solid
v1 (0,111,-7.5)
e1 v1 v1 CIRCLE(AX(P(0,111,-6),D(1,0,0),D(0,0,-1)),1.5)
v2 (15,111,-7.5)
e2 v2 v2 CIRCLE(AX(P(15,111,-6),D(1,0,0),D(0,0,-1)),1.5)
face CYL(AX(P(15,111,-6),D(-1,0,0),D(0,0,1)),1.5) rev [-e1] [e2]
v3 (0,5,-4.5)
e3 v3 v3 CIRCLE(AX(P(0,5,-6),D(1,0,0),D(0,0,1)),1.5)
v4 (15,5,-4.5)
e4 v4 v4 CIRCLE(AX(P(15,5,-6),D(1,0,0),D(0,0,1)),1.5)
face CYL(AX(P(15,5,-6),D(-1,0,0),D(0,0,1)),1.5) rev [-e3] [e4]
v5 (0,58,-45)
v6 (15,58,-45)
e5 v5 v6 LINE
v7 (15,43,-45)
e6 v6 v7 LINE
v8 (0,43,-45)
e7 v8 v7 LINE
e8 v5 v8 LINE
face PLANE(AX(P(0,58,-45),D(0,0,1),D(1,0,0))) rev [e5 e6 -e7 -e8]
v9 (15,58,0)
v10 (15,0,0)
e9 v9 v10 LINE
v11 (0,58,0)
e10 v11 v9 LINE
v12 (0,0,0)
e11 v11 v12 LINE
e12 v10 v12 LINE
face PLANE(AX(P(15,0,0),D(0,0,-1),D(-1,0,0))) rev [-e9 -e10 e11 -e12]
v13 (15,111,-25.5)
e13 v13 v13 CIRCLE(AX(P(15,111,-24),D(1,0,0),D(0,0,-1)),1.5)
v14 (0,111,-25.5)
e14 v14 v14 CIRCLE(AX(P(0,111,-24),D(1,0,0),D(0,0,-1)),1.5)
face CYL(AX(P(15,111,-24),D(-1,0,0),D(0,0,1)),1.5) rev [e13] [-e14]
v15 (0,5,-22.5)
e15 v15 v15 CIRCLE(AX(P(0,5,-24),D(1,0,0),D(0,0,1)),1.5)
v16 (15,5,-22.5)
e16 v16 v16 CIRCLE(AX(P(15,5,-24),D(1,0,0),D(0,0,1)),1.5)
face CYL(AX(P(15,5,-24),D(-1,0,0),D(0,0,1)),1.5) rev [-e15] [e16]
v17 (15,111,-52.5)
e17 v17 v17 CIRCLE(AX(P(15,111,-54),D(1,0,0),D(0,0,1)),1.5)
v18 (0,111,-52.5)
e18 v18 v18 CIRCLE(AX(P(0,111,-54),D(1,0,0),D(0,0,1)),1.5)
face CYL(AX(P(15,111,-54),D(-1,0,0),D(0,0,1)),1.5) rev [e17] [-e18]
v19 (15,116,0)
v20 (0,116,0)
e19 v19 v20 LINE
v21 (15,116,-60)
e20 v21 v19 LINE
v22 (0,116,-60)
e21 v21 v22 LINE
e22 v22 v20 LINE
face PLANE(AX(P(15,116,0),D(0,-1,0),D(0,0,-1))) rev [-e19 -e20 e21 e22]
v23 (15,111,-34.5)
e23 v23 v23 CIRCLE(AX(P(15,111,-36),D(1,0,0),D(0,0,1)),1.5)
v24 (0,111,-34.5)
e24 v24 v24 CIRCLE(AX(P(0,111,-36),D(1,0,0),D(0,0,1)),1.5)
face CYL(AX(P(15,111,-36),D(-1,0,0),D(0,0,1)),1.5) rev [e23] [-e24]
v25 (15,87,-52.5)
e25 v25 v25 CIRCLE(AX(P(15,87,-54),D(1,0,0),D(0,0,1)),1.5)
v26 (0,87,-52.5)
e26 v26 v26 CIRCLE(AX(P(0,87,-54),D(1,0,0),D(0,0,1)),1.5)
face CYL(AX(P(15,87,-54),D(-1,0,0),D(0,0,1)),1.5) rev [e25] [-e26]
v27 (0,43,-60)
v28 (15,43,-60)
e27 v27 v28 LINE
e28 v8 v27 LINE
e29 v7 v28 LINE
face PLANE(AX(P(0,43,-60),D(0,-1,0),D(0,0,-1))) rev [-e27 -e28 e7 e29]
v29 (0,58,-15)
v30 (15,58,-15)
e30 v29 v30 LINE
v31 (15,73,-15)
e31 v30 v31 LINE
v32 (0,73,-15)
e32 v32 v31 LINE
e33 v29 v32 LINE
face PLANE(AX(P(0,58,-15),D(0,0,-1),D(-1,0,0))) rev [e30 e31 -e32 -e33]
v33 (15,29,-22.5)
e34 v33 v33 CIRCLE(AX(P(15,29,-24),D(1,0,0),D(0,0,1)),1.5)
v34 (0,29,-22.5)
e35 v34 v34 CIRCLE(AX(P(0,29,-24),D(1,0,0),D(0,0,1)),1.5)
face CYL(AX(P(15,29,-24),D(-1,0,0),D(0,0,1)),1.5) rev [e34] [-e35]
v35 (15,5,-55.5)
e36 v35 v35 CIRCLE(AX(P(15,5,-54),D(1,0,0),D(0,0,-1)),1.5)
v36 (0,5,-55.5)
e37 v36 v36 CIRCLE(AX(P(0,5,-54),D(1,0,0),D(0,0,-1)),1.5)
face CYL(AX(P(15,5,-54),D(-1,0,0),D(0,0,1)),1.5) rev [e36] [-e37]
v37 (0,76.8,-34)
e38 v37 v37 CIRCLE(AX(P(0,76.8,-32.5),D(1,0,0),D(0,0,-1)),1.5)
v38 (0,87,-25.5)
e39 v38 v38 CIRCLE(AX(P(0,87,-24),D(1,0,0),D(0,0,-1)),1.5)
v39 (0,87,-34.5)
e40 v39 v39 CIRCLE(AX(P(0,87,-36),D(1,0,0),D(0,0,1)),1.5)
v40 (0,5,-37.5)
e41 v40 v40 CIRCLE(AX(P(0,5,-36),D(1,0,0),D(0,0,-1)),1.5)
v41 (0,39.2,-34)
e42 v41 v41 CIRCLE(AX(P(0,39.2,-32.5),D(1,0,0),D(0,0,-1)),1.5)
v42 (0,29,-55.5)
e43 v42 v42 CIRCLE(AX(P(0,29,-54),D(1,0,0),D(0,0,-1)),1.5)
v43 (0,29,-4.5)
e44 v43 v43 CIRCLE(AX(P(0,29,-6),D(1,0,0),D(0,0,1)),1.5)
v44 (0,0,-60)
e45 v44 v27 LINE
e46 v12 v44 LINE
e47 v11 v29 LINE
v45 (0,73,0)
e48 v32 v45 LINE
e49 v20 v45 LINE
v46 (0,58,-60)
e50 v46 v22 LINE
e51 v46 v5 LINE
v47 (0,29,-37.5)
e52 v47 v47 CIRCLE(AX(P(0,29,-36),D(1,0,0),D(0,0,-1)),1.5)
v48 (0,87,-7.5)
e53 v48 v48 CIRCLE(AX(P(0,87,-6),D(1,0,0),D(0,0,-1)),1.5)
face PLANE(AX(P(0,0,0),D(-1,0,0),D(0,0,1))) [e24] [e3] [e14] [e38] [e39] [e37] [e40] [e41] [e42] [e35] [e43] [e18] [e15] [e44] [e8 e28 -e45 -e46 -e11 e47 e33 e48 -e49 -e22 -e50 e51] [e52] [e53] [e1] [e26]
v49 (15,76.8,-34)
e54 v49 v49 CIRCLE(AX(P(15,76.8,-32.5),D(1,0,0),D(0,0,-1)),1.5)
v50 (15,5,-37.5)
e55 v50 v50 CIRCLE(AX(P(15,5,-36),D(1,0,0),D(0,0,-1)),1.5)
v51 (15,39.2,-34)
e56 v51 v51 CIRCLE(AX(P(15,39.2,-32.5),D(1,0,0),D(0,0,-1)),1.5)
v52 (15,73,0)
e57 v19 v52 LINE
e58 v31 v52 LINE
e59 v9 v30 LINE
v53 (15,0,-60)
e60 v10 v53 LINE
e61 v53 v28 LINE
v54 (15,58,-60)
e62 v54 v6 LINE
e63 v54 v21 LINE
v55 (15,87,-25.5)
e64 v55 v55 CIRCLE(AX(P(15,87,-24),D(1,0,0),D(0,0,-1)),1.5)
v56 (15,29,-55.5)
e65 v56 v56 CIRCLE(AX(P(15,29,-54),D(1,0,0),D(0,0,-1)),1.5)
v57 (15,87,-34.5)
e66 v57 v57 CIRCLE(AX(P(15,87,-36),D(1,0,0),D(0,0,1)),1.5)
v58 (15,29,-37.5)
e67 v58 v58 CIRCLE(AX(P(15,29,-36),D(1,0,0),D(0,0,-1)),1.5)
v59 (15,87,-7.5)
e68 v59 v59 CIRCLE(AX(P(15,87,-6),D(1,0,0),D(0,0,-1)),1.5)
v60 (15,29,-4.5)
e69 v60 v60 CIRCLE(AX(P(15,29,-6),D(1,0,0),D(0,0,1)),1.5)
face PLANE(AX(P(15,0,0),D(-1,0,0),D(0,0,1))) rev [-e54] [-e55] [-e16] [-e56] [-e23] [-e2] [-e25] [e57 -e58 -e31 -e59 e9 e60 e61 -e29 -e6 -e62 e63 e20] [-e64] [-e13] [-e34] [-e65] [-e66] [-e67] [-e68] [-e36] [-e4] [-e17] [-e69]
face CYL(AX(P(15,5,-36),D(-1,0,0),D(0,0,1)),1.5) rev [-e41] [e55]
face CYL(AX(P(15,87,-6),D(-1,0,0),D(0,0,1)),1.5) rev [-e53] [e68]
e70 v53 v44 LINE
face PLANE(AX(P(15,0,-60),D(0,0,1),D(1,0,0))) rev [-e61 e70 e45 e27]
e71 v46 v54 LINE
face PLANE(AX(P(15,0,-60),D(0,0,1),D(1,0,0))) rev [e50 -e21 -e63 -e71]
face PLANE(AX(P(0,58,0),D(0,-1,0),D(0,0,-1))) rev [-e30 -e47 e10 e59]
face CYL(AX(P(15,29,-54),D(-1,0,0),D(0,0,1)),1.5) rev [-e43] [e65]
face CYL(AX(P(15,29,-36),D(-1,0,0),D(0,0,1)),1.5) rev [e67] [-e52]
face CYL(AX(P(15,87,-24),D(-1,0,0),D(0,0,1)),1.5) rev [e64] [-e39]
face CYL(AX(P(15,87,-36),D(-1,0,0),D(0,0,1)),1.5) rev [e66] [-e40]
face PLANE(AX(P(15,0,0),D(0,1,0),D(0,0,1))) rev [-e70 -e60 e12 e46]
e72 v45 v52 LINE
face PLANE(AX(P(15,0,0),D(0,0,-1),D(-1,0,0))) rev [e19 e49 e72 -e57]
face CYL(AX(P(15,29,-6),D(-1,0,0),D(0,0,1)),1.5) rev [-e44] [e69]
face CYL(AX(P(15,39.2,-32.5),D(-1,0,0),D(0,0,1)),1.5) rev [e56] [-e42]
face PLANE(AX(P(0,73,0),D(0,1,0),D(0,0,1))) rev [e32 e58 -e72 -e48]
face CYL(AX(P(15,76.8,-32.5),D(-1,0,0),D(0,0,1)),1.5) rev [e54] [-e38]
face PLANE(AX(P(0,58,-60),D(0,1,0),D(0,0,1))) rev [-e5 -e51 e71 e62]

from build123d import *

# Parameters (mm, degrees)
CROQUIS1_W              = 60
CROQUIS1_H              = 116
CROQUIS1_R              = 1.5
SALIENTE_EXTRUIR1_DEPTH = 15
CROQUIS2_W              = 15
CROQUIS2_H              = 15
CORTAR_EXTRUIR1_DEPTH   = 132.457217375


with BuildPart() as part:
    # Croquis1 → Saliente-Extruir1 (new body)
    with BuildSketch(Plane(origin=(0, 0, 0), x_dir=(0, 0, -1), z_dir=(1, 0, 0))):
        with Locations((30, 58)):
            Rectangle(CROQUIS1_W, CROQUIS1_H)
        with Locations((54, 5)):
            Circle(CROQUIS1_R, mode=Mode.SUBTRACT)
        with Locations((36, 5)):
            Circle(CROQUIS1_R, mode=Mode.SUBTRACT)
        with Locations((36, 29)):
            Circle(CROQUIS1_R, mode=Mode.SUBTRACT)
        with Locations((54, 29)):
            Circle(CROQUIS1_R, mode=Mode.SUBTRACT)
        with Locations(Location((24, 29, 0), (0, 0, 180))):
            Circle(CROQUIS1_R, mode=Mode.SUBTRACT)
        with Locations(Location((24, 5, 0), (0, 0, 180))):
            Circle(CROQUIS1_R, mode=Mode.SUBTRACT)
        with Locations(Location((6, 5, 0), (0, 0, 180))):
            Circle(CROQUIS1_R, mode=Mode.SUBTRACT)
        with Locations(Location((6, 29, 0), (0, 0, 180))):
            Circle(CROQUIS1_R, mode=Mode.SUBTRACT)
        with Locations((6, 87)):
            Circle(CROQUIS1_R, mode=Mode.SUBTRACT)
        with Locations((6, 111)):
            Circle(CROQUIS1_R, mode=Mode.SUBTRACT)
        with Locations((24, 111)):
            Circle(CROQUIS1_R, mode=Mode.SUBTRACT)
        with Locations((24, 87)):
            Circle(CROQUIS1_R, mode=Mode.SUBTRACT)
        with Locations(Location((36, 87, 0), (0, 0, 180))):
            Circle(CROQUIS1_R, mode=Mode.SUBTRACT)
        with Locations(Location((36, 111, 0), (0, 0, 180))):
            Circle(CROQUIS1_R, mode=Mode.SUBTRACT)
        with Locations(Location((54, 111, 0), (0, 0, 180))):
            Circle(CROQUIS1_R, mode=Mode.SUBTRACT)
        with Locations(Location((54, 87, 0), (0, 0, 180))):
            Circle(CROQUIS1_R, mode=Mode.SUBTRACT)
        with Locations((32.5, 76.8)):
            Circle(CROQUIS1_R, mode=Mode.SUBTRACT)
        with Locations((32.5, 39.2)):
            Circle(CROQUIS1_R, mode=Mode.SUBTRACT)
    extrude(amount=SALIENTE_EXTRUIR1_DEPTH)

    # Croquis2 → Cortar-Extruir1 (cut, through all)
    with BuildSketch(Plane(origin=(15, 0, 0), x_dir=(0, 0, -1), z_dir=(1, 0, 0))):
        with Locations((7.5, 65.5)):
            Rectangle(CROQUIS2_W, CROQUIS2_H)
        with Locations((52.5, 50.5)):
            Rectangle(CROQUIS2_W, CROQUIS2_H)
    extrude(amount=-CORTAR_EXTRUIR1_DEPTH, mode=Mode.SUBTRACT)


solid = part.part
